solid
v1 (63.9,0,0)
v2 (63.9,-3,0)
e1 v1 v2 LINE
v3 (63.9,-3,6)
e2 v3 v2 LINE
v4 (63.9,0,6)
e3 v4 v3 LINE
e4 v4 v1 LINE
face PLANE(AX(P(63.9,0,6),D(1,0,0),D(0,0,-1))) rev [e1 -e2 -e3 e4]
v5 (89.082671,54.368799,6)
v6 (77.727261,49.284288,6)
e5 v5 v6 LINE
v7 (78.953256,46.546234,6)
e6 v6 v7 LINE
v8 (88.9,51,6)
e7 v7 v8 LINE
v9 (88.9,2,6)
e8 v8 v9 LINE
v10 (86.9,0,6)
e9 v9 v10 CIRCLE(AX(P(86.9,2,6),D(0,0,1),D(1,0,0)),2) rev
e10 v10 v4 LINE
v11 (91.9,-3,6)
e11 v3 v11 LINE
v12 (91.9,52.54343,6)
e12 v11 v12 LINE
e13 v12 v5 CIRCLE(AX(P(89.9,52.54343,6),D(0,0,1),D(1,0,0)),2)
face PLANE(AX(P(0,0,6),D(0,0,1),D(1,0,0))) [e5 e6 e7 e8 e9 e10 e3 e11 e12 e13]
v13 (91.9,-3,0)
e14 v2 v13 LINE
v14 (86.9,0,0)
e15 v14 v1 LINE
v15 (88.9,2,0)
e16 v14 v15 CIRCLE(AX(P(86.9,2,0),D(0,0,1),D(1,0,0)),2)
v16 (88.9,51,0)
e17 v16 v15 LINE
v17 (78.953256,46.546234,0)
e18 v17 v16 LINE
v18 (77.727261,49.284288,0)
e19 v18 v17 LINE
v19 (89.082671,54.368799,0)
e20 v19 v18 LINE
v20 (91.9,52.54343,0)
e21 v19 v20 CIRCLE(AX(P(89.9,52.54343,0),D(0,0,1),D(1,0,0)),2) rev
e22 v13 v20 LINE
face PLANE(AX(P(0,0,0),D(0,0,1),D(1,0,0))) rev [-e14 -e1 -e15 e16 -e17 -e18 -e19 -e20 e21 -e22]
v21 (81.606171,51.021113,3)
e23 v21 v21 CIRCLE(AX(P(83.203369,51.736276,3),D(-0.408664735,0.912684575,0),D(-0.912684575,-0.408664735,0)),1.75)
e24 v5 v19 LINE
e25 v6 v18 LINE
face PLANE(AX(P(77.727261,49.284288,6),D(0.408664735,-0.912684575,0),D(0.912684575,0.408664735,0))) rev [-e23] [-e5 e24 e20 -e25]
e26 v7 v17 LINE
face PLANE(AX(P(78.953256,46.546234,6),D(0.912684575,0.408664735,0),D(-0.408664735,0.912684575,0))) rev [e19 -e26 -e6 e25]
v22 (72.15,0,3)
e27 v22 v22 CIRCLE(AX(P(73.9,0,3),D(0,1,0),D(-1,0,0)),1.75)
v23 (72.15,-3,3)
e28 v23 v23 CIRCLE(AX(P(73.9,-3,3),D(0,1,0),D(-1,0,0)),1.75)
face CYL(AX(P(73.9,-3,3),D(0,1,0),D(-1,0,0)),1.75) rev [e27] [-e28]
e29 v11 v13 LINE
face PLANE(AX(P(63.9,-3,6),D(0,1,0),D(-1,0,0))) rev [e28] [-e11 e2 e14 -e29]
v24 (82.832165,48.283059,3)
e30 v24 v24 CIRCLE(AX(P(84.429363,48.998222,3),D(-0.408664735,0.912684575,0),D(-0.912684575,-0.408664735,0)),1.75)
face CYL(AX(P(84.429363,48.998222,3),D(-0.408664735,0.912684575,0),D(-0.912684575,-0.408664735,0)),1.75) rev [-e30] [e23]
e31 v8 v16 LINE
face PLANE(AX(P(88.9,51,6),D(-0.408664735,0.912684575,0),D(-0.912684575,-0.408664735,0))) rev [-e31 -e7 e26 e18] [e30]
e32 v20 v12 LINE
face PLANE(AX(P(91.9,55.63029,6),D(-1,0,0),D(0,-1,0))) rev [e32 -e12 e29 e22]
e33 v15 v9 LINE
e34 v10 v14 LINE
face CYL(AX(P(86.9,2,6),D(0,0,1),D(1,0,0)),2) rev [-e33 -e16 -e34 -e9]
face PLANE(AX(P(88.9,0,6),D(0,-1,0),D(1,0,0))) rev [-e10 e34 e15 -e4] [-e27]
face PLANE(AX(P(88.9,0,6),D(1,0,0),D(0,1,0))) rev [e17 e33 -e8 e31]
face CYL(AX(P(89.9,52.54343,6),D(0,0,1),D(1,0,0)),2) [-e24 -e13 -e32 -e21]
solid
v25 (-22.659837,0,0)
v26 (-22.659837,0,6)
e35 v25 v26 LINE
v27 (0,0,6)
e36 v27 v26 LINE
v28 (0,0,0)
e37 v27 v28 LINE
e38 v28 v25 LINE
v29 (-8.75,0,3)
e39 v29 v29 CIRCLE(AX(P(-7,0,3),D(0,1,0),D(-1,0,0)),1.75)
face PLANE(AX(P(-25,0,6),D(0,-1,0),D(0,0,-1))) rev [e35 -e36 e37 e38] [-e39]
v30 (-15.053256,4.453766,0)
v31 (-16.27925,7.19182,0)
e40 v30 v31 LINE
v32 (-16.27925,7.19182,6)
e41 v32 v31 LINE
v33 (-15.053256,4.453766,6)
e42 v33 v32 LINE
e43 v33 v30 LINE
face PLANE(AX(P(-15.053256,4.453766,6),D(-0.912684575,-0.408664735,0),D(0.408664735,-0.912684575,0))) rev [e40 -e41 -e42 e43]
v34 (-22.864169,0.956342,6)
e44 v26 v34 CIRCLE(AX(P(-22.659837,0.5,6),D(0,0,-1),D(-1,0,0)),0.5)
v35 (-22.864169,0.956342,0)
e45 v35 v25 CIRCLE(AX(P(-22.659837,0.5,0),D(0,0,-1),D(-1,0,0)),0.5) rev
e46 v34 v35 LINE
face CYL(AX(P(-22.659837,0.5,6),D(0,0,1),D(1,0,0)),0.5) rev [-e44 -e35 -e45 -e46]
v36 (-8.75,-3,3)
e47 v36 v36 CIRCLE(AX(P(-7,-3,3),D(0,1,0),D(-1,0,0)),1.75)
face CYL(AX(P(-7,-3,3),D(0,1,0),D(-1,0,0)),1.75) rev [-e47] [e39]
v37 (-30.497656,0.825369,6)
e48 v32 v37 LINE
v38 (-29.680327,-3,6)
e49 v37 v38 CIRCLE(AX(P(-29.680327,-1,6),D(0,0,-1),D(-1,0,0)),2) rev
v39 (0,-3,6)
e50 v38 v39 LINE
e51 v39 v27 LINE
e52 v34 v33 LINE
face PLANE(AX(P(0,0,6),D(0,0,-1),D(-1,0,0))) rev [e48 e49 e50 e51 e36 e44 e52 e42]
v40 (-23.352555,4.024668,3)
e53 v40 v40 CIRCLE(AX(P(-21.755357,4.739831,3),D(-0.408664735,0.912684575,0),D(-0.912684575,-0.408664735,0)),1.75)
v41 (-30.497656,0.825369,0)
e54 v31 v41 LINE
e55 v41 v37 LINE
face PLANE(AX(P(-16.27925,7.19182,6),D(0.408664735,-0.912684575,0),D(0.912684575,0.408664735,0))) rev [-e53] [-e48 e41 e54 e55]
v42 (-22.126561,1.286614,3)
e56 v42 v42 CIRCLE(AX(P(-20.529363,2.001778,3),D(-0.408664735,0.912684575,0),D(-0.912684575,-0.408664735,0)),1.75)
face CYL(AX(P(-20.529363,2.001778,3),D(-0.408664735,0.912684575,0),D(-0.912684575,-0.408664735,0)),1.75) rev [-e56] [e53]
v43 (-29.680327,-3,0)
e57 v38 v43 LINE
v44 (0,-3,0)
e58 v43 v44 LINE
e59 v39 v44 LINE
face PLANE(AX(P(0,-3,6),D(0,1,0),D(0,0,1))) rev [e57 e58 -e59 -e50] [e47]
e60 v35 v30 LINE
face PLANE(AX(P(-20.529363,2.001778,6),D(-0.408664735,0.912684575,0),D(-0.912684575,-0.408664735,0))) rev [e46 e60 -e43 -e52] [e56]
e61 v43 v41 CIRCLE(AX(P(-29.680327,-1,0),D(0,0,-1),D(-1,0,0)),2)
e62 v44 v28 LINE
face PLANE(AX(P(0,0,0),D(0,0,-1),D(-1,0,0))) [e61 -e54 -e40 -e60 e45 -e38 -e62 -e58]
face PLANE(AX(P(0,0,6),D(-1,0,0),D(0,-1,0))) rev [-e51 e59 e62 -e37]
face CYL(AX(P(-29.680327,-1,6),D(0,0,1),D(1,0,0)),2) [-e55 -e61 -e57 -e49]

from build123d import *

# Parameters (mm, degrees)
BOSS_EXTRUDE1_DEPTH   = 6
BOSS_EXTRUDE1_2_DEPTH = 6
FILLET1_R             = 2
FILLET2_R             = 2
FILLET3_R             = 2
FILLET4_R             = 0.5
SKETCH2_R             = 1.75
CUT_EXTRUDE1_DEPTH    = 3
SKETCH3_R             = 1.75
CUT_EXTRUDE2_DEPTH    = 3


with BuildPart() as part:
    # Sketch1 → Boss-Extrude1 (new body)
    with BuildSketch(Plane.XY):
        Polygon((-25, 0), (0, 0), (0, -3), (-25, -3), (-39.040980861, -3), (-16.279249839, 7.191819861), (-15.053255633, 4.453766135), (-20.529363085, 2.001777723), align=None)
    extrude(amount=BOSS_EXTRUDE1_DEPTH)

    # Fillet1
    fillet1_edges = [part.edges().sort_by_distance(p)[0] for p in [
        (-39.040980861, -3, 3),
    ]]
    fillet(fillet1_edges, radius=FILLET1_R)

    # Fillet4
    fillet4_edges = [part.edges().sort_by_distance(p)[0] for p in [
        (-25, 0, 3),
    ]]
    fillet(fillet4_edges, radius=FILLET4_R)


with BuildPart() as body_2:
    # Sketch1 → Boss-Extrude1 2 (new body)
    with BuildSketch(Plane.XY):
        Polygon((88.9, 0), (88.9, 51), (84.429363085, 48.998222277), (78.953255633, 46.546233865), (77.727261427, 49.284287592), (83.203368879, 51.736276003), (91.9, 55.630289938), (91.9, 51), (91.9, -3), (63.9, -3), (63.9, 0), align=None)
    extrude(amount=BOSS_EXTRUDE1_2_DEPTH)

    # Fillet2
    fillet2_edges = [body_2.edges().sort_by_distance(p)[0] for p in [
        (91.9, 55.630289938, 3),
    ]]
    fillet(fillet2_edges, radius=FILLET2_R)

    # Fillet3
    fillet3_edges = [body_2.edges().sort_by_distance(p)[0] for p in [
        (88.9, 0, 3),
    ]]
    fillet(fillet3_edges, radius=FILLET3_R)


with BuildPart() as cut_extrude1_tool:
    # Sketch2 → Cut-Extrude1 (new body)
    with BuildSketch(Plane(origin=(-5.401165852, 12.062603735, 0), x_dir=(0.912684575, 0.408664735, 0), z_dir=(-0.408664735, 0.912684575, 0))):
        with Locations((97.081222933, -3)):
            Circle(SKETCH2_R)
        with Locations((-17.918777067, -3)):
            Circle(SKETCH2_R)
    extrude(amount=-CUT_EXTRUDE1_DEPTH)


with BuildPart() as part_1:
    add(part.part)

    # Cut-Extrude1: cut by cut_extrude1_tool
    add(cut_extrude1_tool.part, mode=Mode.SUBTRACT)


with BuildPart() as body_2_1:
    add(body_2.part)

    # Cut-Extrude1: cut by cut_extrude1_tool
    add(cut_extrude1_tool.part, mode=Mode.SUBTRACT)


with BuildPart() as cut_extrude2_tool:
    # Sketch3 → Cut-Extrude2 (new body)
    with BuildSketch(Plane(origin=(0, 0, 0), x_dir=(1, 0, 0), z_dir=(0, 1, 0))):
        with Locations((73.9, -3)):
            Circle(SKETCH3_R)
        with Locations((-7, -3)):
            Circle(SKETCH3_R)
    extrude(amount=-CUT_EXTRUDE2_DEPTH)


with BuildPart() as part_2:
    add(part_1.part)

    # Cut-Extrude2: cut by cut_extrude2_tool
    add(cut_extrude2_tool.part, mode=Mode.SUBTRACT)


with BuildPart() as body_2_2:
    add(body_2_1.part)

    # Cut-Extrude2: cut by cut_extrude2_tool
    add(cut_extrude2_tool.part, mode=Mode.SUBTRACT)


solid = Compound([part_2.part, body_2_2.part])
